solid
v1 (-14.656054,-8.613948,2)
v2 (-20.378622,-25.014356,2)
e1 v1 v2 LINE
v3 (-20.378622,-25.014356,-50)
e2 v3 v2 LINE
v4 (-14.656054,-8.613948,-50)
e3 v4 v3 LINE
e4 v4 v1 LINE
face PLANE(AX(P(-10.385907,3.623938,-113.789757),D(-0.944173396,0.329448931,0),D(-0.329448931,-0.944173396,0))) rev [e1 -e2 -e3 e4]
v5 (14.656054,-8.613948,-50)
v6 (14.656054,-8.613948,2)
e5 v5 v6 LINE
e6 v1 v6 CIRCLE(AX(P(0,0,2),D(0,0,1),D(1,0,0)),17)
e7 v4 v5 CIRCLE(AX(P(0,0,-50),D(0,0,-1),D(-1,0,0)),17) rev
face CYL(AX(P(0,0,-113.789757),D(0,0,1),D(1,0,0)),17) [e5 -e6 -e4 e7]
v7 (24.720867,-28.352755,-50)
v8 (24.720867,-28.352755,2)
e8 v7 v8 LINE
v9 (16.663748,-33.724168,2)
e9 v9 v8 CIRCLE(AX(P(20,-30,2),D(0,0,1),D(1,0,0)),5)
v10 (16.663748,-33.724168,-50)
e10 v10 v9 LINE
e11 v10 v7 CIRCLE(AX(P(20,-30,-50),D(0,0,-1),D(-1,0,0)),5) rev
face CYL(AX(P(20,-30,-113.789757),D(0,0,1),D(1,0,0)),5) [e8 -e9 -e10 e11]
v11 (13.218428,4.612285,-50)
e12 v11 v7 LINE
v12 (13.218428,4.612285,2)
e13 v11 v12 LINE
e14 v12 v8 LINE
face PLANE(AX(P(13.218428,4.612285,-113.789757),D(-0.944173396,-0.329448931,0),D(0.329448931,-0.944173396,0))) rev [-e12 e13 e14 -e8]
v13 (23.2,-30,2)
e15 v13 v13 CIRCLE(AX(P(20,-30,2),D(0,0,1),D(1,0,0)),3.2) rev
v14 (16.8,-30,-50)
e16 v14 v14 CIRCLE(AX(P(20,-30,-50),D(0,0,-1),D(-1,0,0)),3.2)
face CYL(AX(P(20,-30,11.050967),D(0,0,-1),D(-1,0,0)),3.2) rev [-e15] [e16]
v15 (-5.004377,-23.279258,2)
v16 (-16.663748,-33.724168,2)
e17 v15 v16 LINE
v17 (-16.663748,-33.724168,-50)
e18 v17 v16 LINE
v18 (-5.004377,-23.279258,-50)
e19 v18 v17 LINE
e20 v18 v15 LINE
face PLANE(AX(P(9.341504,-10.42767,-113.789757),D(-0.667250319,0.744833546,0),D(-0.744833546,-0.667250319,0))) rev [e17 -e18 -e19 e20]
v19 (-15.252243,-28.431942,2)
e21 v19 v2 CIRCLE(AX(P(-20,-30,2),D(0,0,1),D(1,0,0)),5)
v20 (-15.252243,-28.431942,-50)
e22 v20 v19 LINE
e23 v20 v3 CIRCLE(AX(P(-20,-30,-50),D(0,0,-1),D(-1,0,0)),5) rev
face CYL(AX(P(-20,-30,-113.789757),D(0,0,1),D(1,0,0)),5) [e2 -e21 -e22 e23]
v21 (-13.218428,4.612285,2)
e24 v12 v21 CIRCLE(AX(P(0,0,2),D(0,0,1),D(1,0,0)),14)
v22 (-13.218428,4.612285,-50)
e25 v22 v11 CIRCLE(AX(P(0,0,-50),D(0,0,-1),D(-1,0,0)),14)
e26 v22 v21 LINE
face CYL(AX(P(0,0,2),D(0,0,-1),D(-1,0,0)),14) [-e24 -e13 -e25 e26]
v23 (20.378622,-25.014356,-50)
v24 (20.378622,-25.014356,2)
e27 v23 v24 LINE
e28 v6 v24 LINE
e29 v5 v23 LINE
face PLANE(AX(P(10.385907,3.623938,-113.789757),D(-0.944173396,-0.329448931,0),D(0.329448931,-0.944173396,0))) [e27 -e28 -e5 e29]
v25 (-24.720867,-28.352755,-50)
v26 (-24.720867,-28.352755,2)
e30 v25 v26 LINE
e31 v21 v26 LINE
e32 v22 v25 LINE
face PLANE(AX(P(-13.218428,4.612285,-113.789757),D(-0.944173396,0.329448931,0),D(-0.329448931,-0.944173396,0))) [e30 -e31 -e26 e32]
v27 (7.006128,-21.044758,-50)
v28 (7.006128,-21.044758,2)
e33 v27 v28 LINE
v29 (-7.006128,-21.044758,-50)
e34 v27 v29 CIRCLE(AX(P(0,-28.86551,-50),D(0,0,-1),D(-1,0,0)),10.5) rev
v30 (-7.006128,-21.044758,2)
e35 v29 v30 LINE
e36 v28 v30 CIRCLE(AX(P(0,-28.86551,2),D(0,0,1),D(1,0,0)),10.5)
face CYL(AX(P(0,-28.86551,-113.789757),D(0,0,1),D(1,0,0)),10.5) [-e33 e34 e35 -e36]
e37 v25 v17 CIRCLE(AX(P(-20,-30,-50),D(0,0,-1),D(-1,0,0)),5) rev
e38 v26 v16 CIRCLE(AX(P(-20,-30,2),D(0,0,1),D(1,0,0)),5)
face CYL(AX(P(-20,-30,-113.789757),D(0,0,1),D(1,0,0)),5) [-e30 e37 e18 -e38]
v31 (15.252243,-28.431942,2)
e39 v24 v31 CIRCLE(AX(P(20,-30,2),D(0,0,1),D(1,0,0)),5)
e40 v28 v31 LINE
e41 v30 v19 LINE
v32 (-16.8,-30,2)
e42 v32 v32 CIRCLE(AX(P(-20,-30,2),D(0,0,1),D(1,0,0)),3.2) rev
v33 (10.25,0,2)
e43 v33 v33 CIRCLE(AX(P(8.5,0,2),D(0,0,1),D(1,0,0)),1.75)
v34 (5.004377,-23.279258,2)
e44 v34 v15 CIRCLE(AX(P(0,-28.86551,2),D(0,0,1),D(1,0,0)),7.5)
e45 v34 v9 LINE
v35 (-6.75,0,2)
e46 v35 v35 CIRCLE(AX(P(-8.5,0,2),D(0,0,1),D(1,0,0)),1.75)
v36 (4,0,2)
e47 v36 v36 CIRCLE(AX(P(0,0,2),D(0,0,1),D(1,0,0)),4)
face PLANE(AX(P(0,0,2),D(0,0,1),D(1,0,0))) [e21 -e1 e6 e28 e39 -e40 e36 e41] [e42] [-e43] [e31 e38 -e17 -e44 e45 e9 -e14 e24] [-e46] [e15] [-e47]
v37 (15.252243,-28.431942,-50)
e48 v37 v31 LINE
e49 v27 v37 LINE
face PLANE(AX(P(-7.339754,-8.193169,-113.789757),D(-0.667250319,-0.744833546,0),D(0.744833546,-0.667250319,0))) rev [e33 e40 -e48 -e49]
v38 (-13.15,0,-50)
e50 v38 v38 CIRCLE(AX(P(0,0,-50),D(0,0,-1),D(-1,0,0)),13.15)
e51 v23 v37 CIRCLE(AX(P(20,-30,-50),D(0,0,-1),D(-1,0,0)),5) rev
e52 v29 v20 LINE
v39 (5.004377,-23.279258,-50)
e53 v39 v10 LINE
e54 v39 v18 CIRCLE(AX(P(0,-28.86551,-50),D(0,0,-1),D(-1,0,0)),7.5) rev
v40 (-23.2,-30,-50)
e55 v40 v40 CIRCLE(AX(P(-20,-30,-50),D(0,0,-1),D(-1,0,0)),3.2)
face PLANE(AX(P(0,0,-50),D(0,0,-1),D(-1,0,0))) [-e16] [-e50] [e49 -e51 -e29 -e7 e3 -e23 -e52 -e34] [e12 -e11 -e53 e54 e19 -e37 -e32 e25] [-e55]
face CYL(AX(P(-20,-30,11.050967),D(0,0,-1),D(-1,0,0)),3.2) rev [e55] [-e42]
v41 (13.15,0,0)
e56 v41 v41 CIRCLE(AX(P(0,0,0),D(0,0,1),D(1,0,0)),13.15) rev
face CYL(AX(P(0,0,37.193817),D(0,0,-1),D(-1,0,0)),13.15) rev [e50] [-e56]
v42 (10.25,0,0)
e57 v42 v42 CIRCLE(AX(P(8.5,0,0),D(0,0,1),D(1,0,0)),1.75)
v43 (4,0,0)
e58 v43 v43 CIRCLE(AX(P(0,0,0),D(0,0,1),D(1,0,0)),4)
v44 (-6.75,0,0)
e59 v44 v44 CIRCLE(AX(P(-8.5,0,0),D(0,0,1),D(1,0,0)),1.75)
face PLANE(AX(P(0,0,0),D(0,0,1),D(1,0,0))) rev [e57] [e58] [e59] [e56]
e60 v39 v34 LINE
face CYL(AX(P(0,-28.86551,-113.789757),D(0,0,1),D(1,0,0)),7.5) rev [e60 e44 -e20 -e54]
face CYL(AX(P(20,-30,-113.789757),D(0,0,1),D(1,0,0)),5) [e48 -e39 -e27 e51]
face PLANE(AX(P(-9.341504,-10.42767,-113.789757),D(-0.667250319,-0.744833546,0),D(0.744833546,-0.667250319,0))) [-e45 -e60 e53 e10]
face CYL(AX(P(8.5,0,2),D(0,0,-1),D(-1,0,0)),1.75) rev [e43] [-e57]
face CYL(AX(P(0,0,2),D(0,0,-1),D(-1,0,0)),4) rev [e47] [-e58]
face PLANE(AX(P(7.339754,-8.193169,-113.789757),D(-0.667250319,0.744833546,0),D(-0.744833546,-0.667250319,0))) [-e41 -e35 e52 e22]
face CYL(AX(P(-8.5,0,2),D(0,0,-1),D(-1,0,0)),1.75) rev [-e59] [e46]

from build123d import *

# Parameters (mm, degrees)
SKETCH3_R           = 14
SKETCH3_R_2         = 1.75
SKETCH3_R_3         = 4
BOSS_EXTRUDE1_DEPTH = 2
BOSS_EXTRUDE2_START = 50
SKETCH4_R           = 14
SKETCH4_R_2         = 12.65
BOSS_EXTRUDE2_DEPTH = 50
BOSS_EXTRUDE3_START = -52
SKETCH5_R           = 3
BOSS_EXTRUDE3_DEPTH = 52
SKETCH6_R           = 13.15
CUT_EXTRUDE1_DEPTH  = 50
SKETCH8_R           = 3.2
SKETCH8_R_2         = 3
CUT_EXTRUDE2_DEPTH  = 52


with BuildPart() as part:
    # Sketch3 → Boss-Extrude1 (new body)
    with BuildSketch(Plane.XY):
        Circle(SKETCH3_R)
        with Locations((8.5, 0)):
            Circle(SKETCH3_R_2, mode=Mode.SUBTRACT)
        with Locations((-8.5, 0)):
            Circle(SKETCH3_R_2, mode=Mode.SUBTRACT)
        Circle(SKETCH3_R_3, mode=Mode.SUBTRACT)
    extrude(amount=BOSS_EXTRUDE1_DEPTH)

    # Sketch4 → Boss-Extrude2 (add)
    with BuildSketch(Plane(origin=(0, 0, 0), x_dir=(-1, 0, 0), z_dir=(0, 0, -1)).offset(BOSS_EXTRUDE2_START)):
        Circle(SKETCH4_R)
        Circle(SKETCH4_R_2, mode=Mode.SUBTRACT)
    extrude(amount=-BOSS_EXTRUDE2_DEPTH)

    # Sketch5 → Boss-Extrude3 (add)
    # profile 1 of 4: a face of its own
    with BuildSketch(Plane.XY.offset(2).offset(BOSS_EXTRUDE3_START)):
        with BuildLine():
            Line((24.720866981, -28.352755346), (13.218427546, 4.612285031))
            ThreePointArc((13.218427546, 4.612285031), (13.803224001, 2.339018422), (14, 0))
            ThreePointArc((14, 0), (-2.339018422, -13.803224001), (-13.218427546, 4.612285031))
            Line((-13.218427546, 4.612285031), (-24.720866981, -28.352755346))
            ThreePointArc((-24.720866981, -28.352755346), (-23.047527639, -26.036090908), (-20.378622129, -25.014356081))
            Line((-20.378622129, -25.014356081), (-14.656053545, -8.613947671))
            ThreePointArc((-14.656053545, -8.613947671), (0, -17), (14.656053545, -8.613947671))
            Line((14.656053545, -8.613947671), (20.378622129, -25.014356081))
            ThreePointArc((20.378622129, -25.014356081), (23.047527639, -26.036090908), (24.720866981, -28.352755346))
        make_face()
    # profile 2 of 4: a face of its own
    with BuildSketch(Plane.XY.offset(2).offset(BOSS_EXTRUDE3_START)):
        with BuildLine():
            Line((5.004377394, -23.279258169), (16.663748404, -33.724167731))
            ThreePointArc((16.663748404, -33.724167731), (15.168880977, -31.288522016), (15.252243256, -28.431941997))
            Line((15.252243256, -28.431941997), (7.006128352, -21.044757531))
            ThreePointArc((7.006128352, -21.044757531), (0, -18.365509765), (-7.006128352, -21.044757531))
            Line((-7.006128352, -21.044757531), (-15.252243256, -28.431941997))
            ThreePointArc((-15.252243256, -28.431941997), (-15.063463577, -29.205891607), (-15, -30))
            ThreePointArc((-15, -30), (-15.434846225, -32.039453606), (-16.663748404, -33.724167731))
            Line((-16.663748404, -33.724167731), (-5.004377394, -23.279258169))
            ThreePointArc((-5.004377394, -23.279258169), (0, -21.365509765), (5.004377394, -23.279258169))
        make_face()
    # profile 3 of 4: a face of its own
    with BuildSketch(Plane.XY.offset(2).offset(BOSS_EXTRUDE3_START)):
        with BuildLine():
            ThreePointArc((-20.378622129, -25.014356081), (-23.047527639, -26.036090908), (-24.720866981, -28.352755346))
            ThreePointArc((-24.720866981, -28.352755346), (-22.773500981, -34.160251472), (-16.663748404, -33.724167731))
            ThreePointArc((-16.663748404, -33.724167731), (-15.434846225, -32.039453606), (-15, -30))
            ThreePointArc((-15, -30), (-15.063463577, -29.205891607), (-15.252243256, -28.431941997))
            ThreePointArc((-15.252243256, -28.431941997), (-17.226499019, -25.839748528), (-20.378622129, -25.014356081))
        make_face()
        with Locations((-20, -30)):
            Circle(SKETCH5_R, mode=Mode.SUBTRACT)
    # profile 4 of 4: a face of its own
    with BuildSketch(Plane.XY.offset(2).offset(BOSS_EXTRUDE3_START)):
        with BuildLine():
            ThreePointArc((25, -30), (24.929722858, -29.164636278), (24.720866981, -28.352755346))
            ThreePointArc((24.720866981, -28.352755346), (23.047527639, -26.036090908), (20.378622129, -25.014356081))
            ThreePointArc((20.378622129, -25.014356081), (17.226499019, -25.839748528), (15.252243256, -28.431941997))
            ThreePointArc((15.252243256, -28.431941997), (15.168880977, -31.288522016), (16.663748404, -33.724167731))
            ThreePointArc((16.663748404, -33.724167731), (22.039453606, -34.565153775), (25, -30))
        make_face()
        with Locations((20, -30)):
            Circle(SKETCH5_R, mode=Mode.SUBTRACT)
    extrude(amount=BOSS_EXTRUDE3_DEPTH)

    # Sketch6 → Cut-Extrude1 (cut)
    with BuildSketch(Plane(origin=(0, 0, -50), x_dir=(-1, 0, 0), z_dir=(0, 0, -1))):
        Circle(SKETCH6_R)
    extrude(amount=-CUT_EXTRUDE1_DEPTH, mode=Mode.SUBTRACT)

    # Sketch8 → Cut-Extrude2 (cut)
    # profile 1 of 4: a face of its own
    with BuildSketch(Plane(origin=(0, 0, -50), x_dir=(-1, 0, 0), z_dir=(0, 0, -1))):
        with Locations((20, -30)):
            Circle(SKETCH8_R)
        with Locations((20, -30)):
            Circle(SKETCH8_R_2, mode=Mode.SUBTRACT)
    # profile 2 of 4: a face of its own
    with BuildSketch(Plane(origin=(0, 0, -50), x_dir=(-1, 0, 0), z_dir=(0, 0, -1))):
        with Locations((-20, -30)):
            Circle(SKETCH8_R)
        with Locations((-20, -30)):
            Circle(SKETCH8_R_2, mode=Mode.SUBTRACT)
    # profile 3 of 4: a face of its own
    with BuildSketch(Plane(origin=(0, 0, -50), x_dir=(-1, 0, 0), z_dir=(0, 0, -1))):
        with Locations((20, -30)):
            Circle(SKETCH8_R_2)
    # profile 4 of 4: a face of its own
    with BuildSketch(Plane(origin=(0, 0, -50), x_dir=(-1, 0, 0), z_dir=(0, 0, -1))):
        with Locations((-20, -30)):
            Circle(SKETCH8_R_2)
    extrude(amount=-CUT_EXTRUDE2_DEPTH, mode=Mode.SUBTRACT)


solid = part.part
